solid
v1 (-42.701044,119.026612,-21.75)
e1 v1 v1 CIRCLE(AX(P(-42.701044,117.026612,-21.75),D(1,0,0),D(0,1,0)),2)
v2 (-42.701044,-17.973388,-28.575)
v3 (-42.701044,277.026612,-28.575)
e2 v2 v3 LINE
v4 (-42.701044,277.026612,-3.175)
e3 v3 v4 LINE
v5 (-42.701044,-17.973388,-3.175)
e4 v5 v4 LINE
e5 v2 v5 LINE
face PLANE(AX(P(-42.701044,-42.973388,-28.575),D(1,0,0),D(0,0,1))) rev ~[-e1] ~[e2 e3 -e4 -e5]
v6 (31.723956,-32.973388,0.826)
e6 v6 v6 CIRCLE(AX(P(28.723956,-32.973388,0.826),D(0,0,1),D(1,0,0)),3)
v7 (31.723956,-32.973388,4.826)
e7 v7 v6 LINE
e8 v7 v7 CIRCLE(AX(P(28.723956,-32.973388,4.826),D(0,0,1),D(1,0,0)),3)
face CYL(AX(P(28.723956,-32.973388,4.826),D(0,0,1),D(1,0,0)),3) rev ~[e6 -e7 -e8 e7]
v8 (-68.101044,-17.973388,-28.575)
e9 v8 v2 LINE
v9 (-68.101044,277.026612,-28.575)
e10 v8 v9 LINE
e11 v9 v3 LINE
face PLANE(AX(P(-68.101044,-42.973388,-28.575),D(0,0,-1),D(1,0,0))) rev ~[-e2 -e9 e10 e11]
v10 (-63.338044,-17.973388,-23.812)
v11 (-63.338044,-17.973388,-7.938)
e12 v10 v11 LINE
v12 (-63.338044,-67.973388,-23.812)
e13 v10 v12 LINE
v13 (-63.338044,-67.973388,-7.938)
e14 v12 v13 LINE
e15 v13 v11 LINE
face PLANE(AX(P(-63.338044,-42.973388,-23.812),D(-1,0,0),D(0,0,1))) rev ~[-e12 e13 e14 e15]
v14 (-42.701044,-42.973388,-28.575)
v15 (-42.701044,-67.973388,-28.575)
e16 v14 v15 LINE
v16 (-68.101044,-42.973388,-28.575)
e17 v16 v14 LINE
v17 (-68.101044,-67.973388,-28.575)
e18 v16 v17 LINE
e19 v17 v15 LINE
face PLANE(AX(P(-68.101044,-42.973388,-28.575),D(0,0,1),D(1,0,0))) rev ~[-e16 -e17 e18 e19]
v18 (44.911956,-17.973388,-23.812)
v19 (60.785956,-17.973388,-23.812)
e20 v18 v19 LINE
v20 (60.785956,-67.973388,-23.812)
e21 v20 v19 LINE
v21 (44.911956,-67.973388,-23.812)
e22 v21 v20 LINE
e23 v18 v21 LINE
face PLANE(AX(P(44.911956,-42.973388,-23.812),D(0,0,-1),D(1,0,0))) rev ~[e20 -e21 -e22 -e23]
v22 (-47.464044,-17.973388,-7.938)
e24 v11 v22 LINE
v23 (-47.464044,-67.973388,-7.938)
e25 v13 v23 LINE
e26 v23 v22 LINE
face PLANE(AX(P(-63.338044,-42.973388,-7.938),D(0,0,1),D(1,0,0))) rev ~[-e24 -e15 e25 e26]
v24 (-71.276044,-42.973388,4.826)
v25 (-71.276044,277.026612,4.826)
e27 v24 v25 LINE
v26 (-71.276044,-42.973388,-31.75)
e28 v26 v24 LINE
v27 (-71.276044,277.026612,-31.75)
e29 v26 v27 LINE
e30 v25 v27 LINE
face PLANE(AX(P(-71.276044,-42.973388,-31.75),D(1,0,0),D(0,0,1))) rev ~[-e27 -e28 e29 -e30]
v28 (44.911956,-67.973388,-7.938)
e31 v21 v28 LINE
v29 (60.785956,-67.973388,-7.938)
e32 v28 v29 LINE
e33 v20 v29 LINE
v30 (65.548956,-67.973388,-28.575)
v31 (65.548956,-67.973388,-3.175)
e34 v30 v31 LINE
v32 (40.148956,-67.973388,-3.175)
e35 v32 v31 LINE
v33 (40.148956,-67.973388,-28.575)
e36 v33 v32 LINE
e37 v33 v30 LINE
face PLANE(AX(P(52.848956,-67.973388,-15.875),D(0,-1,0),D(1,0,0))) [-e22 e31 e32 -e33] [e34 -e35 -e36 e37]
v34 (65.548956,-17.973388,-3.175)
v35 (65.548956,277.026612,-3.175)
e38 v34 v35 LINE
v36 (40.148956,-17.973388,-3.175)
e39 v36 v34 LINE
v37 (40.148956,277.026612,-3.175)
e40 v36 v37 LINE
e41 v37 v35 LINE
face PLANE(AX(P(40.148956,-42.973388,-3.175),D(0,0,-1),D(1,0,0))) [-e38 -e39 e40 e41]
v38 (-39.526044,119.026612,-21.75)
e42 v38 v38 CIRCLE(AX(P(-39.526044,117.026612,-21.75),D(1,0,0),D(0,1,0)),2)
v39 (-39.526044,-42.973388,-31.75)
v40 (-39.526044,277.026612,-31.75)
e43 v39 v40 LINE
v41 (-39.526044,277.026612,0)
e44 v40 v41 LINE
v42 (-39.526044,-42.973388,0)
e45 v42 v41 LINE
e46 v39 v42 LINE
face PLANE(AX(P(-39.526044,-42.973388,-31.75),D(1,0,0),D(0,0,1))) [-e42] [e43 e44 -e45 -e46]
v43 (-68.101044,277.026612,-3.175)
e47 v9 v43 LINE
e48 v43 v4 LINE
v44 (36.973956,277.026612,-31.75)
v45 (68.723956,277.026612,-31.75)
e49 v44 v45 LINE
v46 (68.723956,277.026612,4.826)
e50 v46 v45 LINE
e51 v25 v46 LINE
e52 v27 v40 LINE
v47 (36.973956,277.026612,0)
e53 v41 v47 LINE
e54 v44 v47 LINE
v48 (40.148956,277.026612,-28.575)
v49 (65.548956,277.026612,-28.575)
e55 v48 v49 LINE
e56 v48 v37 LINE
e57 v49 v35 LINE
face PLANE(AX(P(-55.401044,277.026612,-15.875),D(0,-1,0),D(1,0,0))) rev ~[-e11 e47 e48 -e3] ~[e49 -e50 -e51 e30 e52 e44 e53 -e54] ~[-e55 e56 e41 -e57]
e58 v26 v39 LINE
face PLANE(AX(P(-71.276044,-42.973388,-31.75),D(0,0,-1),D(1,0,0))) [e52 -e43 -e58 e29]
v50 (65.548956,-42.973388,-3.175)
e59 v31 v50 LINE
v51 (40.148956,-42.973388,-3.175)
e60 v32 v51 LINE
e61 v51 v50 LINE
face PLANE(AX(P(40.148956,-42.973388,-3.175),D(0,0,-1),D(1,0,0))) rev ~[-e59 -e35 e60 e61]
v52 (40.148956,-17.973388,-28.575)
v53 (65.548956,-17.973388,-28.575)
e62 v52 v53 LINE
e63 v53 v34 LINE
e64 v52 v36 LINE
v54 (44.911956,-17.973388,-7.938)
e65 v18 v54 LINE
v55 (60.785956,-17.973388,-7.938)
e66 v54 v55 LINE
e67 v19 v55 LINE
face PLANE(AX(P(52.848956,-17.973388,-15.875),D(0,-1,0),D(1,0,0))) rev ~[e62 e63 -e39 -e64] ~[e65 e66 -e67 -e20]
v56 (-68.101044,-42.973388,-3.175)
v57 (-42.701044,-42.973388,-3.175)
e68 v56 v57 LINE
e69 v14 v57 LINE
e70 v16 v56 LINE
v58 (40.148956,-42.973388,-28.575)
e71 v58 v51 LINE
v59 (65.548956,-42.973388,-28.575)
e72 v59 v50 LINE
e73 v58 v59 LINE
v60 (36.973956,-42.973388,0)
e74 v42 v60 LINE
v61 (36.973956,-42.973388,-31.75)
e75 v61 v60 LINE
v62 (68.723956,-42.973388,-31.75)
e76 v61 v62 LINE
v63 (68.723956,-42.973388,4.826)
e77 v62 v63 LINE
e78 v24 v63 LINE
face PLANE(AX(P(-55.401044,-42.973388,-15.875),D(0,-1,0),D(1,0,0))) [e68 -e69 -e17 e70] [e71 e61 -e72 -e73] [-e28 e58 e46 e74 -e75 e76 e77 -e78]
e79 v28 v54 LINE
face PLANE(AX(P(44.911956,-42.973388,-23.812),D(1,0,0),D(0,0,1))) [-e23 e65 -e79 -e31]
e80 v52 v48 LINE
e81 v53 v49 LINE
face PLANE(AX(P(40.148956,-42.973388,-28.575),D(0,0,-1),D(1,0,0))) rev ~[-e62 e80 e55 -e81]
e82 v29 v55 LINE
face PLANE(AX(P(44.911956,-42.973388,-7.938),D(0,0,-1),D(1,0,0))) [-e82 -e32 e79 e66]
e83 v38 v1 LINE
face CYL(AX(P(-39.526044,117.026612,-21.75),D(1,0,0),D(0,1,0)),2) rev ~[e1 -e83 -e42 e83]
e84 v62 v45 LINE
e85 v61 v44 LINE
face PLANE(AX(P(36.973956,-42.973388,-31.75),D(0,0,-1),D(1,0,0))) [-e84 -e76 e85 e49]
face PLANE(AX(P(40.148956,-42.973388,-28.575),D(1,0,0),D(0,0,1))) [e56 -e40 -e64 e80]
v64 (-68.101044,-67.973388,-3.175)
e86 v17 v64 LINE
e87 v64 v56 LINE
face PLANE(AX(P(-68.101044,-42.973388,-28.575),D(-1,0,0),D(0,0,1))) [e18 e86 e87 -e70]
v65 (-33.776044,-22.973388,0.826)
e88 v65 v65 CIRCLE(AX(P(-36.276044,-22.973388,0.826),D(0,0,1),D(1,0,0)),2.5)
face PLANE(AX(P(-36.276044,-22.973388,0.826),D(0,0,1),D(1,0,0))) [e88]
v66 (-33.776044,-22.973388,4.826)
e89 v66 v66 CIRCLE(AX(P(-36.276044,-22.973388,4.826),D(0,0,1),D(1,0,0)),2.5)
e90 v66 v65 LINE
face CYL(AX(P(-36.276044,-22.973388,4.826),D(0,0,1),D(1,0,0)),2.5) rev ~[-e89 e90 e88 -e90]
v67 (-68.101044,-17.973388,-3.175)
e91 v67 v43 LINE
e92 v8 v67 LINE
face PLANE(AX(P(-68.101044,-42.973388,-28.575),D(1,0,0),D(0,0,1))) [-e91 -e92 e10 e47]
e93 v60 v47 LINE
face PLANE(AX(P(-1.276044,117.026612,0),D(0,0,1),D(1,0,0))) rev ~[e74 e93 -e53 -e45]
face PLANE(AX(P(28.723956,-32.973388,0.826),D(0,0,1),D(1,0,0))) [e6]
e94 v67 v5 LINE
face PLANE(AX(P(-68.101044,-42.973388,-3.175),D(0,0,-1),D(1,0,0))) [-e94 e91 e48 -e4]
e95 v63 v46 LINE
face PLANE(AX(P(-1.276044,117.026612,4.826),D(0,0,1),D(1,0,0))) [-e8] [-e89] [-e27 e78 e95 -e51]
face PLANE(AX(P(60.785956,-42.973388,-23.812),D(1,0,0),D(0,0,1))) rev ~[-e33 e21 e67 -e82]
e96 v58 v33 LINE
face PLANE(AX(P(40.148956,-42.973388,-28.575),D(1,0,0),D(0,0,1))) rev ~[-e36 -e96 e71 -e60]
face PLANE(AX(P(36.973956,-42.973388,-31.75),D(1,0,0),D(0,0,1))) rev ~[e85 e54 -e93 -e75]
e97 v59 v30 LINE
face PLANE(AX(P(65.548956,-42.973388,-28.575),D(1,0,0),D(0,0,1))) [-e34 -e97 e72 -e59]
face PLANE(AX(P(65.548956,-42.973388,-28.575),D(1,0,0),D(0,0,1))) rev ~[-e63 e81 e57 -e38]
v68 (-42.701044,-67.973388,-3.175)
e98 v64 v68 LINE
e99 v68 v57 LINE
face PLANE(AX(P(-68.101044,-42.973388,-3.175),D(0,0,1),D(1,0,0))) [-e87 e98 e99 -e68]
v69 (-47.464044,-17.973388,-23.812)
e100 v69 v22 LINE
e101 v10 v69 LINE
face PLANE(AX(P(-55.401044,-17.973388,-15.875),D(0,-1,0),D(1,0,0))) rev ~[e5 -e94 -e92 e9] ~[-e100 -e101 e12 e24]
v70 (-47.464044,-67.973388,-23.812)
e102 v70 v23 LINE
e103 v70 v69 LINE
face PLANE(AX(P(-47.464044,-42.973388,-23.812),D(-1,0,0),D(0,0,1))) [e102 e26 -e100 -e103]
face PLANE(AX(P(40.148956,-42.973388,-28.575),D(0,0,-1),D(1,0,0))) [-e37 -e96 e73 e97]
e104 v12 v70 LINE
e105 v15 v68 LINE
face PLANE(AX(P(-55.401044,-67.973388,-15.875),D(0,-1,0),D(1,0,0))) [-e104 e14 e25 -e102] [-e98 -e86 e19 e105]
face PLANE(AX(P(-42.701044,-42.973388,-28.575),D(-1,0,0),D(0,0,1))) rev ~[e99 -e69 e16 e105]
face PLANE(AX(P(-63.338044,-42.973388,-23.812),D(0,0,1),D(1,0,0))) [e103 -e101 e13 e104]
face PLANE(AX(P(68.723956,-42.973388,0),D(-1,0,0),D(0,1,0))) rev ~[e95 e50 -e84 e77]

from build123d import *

# Parameters (mm, degrees)
F0_W     = 140
F0_H     = 320
F1_DEPTH = 4.826
F2_W     = 31.75
F2_H     = 31.75
F2_W_2   = 25.4
F2_H_2   = 25.4
F3_DEPTH = 320
F4_W     = 25.4
F4_H     = 25.4
F4_W_2   = 15.874
F4_H_2   = 15.874
F5_DEPTH = 25
F6_R     = 2
F7_DEPTH = 4
F8_R     = 2.5
F8_R_2   = 3
F9_DEPTH = 4


with BuildPart() as f1:
    # F0 (on Top) → F1 (new body)
    with BuildSketch(Plane.XY):
        with Locations((-1.276044, 117.026612)):
            Rectangle(F0_W, F0_H)
    extrude(amount=F1_DEPTH)

    # F2 (on face) → F3 (join)
    with BuildSketch(Plane.XZ.offset(42.973388)):
        with Locations((-55.401044, -15.875)):
            Rectangle(F2_W, F2_H)
        with Locations((-55.401044, -15.875)):
            Rectangle(F2_W_2, F2_H_2, mode=Mode.SUBTRACT)
        with Locations((52.848956, -15.875)):
            Rectangle(F2_W, F2_H)
        with Locations((52.848956, -15.875)):
            Rectangle(F2_W_2, F2_H_2, mode=Mode.SUBTRACT)
    extrude(amount=-F3_DEPTH)

    # F4 (on face) → F5 (join, symmetric)
    with BuildSketch(Plane.XZ.offset(42.973388)):
        with Locations((-55.401044, -15.875)):
            Rectangle(F4_W, F4_H)
        with Locations((-55.401044, -15.875)):
            Rectangle(F4_W_2, F4_H_2, mode=Mode.SUBTRACT)
        with Locations((52.848956, -15.875)):
            Rectangle(F4_W, F4_H)
        with Locations((52.848956, -15.875)):
            Rectangle(F4_W_2, F4_H_2, mode=Mode.SUBTRACT)
    extrude(amount=F5_DEPTH, both=True)

    # F6 (on face) → F7 (cut)
    with BuildSketch(Plane.YZ.offset(-39.526044)):
        with Locations((117.026612, -21.75)):
            Circle(F6_R)
    extrude(amount=-F7_DEPTH, mode=Mode.SUBTRACT)

    # F8 (on face) → F9 (cut)
    with BuildSketch(Plane.XY.offset(4.826)):
        with Locations((-36.276044, -22.973388)):
            Circle(F8_R)
        with Locations((28.723956, -32.973388)):
            Circle(F8_R_2)
    extrude(amount=-F9_DEPTH, mode=Mode.SUBTRACT)


solid = f1.part
